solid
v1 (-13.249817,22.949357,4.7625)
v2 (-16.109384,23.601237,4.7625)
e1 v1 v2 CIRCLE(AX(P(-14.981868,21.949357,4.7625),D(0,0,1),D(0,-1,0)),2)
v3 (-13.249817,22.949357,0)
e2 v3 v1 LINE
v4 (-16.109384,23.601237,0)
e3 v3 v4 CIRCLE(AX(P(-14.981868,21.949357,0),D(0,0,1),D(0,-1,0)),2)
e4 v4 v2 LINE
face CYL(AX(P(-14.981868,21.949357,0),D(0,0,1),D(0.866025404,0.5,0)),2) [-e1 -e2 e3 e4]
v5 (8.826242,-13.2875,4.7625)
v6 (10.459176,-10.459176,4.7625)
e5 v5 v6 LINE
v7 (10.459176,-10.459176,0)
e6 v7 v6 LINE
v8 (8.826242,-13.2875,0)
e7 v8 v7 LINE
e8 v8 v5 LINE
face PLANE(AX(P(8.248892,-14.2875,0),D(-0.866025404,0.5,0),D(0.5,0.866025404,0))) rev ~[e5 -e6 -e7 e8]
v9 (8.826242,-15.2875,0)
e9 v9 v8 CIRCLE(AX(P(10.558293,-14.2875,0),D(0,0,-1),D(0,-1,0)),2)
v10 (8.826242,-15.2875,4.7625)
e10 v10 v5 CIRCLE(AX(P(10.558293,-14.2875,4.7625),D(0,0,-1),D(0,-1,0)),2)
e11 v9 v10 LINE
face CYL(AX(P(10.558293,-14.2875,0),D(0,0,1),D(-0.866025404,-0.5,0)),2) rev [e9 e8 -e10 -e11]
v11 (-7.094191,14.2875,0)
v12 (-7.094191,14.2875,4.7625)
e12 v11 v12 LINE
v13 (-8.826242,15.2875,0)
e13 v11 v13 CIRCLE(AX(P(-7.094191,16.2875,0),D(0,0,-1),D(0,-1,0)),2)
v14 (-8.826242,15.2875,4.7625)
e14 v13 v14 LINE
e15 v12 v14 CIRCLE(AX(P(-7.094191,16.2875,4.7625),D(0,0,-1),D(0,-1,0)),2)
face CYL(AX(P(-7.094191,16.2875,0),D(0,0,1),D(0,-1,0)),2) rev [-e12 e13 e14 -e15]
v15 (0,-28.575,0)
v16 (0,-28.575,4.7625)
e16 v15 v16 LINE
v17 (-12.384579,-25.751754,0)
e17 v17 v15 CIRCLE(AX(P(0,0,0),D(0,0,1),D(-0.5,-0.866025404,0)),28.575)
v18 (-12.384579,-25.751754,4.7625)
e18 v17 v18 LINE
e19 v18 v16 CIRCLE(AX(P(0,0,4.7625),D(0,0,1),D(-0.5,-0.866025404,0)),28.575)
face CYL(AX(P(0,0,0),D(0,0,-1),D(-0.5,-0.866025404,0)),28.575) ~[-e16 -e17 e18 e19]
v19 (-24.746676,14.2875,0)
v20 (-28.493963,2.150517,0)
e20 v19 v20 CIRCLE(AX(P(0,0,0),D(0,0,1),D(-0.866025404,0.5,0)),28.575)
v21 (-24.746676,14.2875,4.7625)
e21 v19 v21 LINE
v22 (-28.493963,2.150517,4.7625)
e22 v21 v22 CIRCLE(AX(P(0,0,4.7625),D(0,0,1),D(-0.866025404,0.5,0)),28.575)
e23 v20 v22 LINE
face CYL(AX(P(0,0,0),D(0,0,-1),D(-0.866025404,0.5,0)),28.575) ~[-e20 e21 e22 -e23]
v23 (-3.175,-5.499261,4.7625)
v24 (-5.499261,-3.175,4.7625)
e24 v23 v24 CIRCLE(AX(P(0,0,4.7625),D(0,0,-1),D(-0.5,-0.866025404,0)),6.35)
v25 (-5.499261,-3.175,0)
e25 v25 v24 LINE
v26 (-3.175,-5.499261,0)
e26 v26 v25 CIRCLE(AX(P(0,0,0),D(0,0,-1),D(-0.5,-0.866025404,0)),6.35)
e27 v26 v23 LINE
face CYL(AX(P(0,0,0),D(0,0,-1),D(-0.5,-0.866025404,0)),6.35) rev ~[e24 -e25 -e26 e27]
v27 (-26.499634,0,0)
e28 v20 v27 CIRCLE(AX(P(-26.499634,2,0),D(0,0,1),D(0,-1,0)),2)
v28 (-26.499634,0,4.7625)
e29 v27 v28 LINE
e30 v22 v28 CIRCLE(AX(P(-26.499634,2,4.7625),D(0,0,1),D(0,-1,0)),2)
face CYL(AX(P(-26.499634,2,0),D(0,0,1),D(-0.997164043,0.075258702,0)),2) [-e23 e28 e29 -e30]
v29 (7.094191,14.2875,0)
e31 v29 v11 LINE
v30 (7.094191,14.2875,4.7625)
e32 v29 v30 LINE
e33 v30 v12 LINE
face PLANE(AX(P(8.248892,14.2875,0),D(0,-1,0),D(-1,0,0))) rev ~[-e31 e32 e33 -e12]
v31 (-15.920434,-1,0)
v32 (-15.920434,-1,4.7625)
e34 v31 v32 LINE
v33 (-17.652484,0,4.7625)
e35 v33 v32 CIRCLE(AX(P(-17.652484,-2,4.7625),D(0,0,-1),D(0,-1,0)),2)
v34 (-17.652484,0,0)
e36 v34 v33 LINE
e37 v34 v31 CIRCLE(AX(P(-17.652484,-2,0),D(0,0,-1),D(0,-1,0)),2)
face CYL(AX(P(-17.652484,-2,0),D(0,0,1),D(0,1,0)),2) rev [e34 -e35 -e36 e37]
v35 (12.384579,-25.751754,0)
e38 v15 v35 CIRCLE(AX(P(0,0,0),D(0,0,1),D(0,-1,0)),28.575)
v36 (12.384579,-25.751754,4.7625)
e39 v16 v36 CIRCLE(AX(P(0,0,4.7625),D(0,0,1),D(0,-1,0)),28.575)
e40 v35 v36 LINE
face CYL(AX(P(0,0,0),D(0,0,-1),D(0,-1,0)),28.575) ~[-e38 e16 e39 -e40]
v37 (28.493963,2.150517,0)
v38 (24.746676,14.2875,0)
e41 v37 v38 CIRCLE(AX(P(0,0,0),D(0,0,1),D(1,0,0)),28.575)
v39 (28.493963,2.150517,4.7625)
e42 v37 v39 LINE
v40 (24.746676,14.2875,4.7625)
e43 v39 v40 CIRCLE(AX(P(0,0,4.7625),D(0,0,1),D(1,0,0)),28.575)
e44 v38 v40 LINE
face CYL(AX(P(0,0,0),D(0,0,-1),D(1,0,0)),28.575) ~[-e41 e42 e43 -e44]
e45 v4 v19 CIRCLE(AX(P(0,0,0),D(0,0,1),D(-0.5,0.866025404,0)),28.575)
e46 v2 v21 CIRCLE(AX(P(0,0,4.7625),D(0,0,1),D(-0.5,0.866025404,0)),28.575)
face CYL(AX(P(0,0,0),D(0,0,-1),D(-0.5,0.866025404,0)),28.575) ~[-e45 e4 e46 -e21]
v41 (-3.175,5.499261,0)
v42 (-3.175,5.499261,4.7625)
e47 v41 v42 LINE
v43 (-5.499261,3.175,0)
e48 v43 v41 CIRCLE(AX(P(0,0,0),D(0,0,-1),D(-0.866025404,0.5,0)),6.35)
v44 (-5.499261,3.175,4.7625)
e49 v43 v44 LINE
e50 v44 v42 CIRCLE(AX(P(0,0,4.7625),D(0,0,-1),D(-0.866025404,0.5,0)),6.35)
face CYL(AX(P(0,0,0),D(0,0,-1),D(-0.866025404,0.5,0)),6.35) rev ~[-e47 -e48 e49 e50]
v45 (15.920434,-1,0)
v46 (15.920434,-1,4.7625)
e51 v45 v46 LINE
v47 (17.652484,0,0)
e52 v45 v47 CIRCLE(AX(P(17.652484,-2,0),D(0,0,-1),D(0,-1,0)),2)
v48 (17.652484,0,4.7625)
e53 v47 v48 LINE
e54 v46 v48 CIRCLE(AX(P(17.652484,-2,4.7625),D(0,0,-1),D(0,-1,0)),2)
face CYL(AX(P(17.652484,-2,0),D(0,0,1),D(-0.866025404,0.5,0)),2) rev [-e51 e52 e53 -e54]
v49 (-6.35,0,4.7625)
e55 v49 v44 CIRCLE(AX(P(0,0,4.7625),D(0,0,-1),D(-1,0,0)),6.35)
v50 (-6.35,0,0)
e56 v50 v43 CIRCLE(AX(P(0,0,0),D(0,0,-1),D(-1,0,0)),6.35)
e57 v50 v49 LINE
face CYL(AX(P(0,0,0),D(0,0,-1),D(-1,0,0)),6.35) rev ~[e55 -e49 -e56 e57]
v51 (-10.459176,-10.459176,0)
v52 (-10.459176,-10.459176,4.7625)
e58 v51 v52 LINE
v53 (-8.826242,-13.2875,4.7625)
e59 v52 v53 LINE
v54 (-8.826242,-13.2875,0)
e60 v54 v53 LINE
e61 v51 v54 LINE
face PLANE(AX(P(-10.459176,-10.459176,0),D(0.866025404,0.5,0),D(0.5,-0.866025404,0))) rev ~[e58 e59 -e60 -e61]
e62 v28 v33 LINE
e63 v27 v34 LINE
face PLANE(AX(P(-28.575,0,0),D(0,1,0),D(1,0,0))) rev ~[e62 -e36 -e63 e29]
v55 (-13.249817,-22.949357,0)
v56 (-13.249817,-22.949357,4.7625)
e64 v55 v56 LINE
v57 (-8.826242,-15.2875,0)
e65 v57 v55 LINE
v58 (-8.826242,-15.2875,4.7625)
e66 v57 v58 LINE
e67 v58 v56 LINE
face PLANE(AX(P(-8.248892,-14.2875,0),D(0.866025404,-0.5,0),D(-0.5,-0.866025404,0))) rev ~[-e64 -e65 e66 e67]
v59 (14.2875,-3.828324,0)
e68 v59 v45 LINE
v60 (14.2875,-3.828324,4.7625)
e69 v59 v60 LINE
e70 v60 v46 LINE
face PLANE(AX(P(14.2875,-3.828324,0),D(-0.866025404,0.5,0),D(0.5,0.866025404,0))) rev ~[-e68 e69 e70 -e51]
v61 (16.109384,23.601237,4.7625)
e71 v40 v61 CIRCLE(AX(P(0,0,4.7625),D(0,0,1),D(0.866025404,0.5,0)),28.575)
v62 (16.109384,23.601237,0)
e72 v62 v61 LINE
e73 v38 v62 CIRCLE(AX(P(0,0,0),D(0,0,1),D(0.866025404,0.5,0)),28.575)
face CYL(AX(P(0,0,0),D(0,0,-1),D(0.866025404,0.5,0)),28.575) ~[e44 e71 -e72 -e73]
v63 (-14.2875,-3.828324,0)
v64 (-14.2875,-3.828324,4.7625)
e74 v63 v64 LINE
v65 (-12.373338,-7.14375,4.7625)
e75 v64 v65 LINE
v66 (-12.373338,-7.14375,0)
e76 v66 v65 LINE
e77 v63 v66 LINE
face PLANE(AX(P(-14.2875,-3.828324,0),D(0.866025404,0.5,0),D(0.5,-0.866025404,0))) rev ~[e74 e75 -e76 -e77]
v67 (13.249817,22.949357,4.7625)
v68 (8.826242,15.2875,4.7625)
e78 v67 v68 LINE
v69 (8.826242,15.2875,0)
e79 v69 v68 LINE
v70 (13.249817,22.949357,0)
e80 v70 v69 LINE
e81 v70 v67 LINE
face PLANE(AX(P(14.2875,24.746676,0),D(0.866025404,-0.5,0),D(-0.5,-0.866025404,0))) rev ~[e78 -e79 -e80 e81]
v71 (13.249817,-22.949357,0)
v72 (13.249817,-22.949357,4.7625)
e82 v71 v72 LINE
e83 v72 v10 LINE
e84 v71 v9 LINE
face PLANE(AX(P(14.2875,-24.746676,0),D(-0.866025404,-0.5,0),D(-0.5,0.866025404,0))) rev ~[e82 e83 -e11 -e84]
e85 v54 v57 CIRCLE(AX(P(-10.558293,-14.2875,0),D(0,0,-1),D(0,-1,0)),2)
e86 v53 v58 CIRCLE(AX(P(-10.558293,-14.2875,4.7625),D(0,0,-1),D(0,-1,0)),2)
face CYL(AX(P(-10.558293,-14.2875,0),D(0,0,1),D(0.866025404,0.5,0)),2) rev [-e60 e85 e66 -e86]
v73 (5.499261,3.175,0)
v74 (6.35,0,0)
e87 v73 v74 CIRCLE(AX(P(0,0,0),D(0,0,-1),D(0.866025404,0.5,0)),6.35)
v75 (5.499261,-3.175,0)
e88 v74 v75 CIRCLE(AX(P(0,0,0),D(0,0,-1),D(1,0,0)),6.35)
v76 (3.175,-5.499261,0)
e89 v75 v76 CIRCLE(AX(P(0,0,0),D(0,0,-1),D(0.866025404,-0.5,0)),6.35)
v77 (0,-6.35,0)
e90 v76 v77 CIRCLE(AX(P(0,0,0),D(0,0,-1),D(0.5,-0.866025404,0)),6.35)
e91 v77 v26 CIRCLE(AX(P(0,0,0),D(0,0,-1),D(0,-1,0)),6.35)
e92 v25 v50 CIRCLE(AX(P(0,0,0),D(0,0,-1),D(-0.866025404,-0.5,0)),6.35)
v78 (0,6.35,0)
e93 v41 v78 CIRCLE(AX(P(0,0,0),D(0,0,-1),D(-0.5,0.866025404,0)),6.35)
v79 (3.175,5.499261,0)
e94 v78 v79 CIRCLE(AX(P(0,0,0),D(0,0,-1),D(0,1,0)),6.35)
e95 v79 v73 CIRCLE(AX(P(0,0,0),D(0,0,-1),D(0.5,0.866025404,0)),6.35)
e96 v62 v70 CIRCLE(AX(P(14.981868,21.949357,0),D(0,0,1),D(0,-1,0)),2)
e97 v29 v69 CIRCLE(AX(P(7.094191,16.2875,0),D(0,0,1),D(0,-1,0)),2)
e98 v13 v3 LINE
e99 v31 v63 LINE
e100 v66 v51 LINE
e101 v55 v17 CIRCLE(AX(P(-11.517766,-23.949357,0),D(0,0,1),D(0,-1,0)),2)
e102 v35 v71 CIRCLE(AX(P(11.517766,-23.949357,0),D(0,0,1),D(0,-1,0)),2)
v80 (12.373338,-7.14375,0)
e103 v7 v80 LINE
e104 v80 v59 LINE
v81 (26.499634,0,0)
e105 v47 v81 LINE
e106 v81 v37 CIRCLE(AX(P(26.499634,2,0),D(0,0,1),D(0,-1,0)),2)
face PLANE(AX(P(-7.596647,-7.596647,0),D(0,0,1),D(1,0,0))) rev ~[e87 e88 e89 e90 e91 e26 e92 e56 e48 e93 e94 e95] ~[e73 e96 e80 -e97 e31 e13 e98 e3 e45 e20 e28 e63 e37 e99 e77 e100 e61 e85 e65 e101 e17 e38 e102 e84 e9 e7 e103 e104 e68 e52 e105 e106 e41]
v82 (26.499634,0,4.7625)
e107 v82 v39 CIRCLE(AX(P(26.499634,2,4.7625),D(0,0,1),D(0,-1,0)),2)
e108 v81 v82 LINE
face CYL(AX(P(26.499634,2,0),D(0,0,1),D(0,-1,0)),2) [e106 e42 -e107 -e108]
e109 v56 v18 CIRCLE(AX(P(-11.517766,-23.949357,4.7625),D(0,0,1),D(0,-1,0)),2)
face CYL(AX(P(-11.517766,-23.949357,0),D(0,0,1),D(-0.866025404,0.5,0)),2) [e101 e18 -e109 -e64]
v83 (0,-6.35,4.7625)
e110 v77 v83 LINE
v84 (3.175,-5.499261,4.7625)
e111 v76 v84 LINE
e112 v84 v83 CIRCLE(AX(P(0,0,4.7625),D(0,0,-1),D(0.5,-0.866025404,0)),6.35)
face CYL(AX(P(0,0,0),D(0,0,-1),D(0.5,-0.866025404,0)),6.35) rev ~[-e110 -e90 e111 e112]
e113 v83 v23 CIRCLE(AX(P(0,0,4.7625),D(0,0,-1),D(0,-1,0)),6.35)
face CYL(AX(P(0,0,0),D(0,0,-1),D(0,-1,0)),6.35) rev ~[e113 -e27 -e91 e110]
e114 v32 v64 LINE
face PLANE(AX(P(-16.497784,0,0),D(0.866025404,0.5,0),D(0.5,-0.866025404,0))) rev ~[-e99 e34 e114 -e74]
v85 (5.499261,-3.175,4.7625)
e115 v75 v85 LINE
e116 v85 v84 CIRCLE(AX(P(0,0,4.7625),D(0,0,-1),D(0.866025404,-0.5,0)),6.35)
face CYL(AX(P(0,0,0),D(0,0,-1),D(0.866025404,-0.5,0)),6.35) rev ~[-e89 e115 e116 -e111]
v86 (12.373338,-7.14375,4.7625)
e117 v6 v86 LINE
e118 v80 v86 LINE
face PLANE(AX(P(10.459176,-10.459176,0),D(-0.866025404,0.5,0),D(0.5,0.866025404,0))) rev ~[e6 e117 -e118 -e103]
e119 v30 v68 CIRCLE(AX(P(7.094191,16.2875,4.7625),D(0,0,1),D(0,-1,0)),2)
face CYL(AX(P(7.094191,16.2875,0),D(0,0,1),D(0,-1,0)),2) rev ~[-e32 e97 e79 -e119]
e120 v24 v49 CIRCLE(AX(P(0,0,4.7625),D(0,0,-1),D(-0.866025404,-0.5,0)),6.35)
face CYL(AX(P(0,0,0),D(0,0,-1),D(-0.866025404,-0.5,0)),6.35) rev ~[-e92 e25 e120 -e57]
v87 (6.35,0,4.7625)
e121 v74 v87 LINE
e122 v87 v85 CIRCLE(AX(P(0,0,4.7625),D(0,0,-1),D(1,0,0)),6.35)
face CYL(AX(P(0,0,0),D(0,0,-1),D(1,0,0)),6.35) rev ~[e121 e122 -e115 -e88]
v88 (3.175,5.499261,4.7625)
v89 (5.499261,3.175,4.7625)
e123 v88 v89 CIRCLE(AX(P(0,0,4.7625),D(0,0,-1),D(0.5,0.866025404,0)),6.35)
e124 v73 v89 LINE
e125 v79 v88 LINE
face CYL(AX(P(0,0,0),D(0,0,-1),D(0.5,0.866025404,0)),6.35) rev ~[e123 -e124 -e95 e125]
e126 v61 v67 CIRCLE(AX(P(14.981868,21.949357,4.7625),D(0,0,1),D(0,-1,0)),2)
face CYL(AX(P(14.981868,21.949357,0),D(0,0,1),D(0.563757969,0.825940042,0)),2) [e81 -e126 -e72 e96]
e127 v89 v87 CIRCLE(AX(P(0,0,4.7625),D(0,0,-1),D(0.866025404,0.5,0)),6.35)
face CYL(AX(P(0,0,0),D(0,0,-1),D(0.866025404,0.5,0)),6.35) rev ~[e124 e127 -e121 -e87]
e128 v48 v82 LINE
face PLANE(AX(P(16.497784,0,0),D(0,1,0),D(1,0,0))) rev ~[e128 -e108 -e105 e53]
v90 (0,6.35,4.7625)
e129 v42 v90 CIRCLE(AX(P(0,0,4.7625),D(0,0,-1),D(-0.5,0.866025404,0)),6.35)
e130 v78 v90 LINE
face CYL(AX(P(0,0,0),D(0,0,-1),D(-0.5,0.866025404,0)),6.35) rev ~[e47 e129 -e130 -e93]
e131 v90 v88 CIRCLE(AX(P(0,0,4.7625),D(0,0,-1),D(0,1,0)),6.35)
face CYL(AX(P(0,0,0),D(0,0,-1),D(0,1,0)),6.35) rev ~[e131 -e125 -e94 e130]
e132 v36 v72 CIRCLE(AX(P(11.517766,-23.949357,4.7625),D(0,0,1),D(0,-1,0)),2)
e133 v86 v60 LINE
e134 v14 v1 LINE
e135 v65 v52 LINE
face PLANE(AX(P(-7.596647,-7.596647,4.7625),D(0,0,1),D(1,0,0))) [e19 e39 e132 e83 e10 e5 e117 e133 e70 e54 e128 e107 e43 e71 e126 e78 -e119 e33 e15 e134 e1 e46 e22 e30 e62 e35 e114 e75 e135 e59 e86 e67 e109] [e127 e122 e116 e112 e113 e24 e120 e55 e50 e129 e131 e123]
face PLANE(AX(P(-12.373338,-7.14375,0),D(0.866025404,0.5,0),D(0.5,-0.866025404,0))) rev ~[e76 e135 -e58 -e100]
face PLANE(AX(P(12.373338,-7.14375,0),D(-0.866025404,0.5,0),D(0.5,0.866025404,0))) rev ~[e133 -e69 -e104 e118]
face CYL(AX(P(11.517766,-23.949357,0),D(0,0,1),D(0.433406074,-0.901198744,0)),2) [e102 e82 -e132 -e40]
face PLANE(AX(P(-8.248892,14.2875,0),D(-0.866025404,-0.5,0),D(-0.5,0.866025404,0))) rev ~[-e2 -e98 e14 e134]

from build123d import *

# Parameters (mm, degrees)
F1_DEPTH = 4.7625
F2_R     = 2


with BuildPart() as f1:
    # F0 (on Top) → F1 (new body)
    with BuildSketch(Plane.XY):
        with BuildLine():
            Line((-7.14375, -12.3733379566), (-3.175, -5.499261314))
            ThreePointArc((-3.175, -5.499261314), (-4.4901280605, -4.4901280605), (-5.499261314, -3.175))
            Line((-5.499261314, -3.175), (-12.3733379566, -7.14375))
            Line((-12.3733379566, -7.14375), (-10.4591759131, -10.4591759131))
            Line((-10.4591759131, -10.4591759131), (-7.14375, -12.3733379566))
        make_face()
        with BuildLine():
            Line((12.3733379566, -7.14375), (5.499261314, -3.175))
            ThreePointArc((5.499261314, -3.175), (4.4901280605, -4.4901280605), (3.175, -5.499261314))
            Line((3.175, -5.499261314), (7.14375, -12.3733379566))
            Line((7.14375, -12.3733379566), (10.4591759131, -10.4591759131))
            Line((10.4591759131, -10.4591759131), (12.3733379566, -7.14375))
        make_face()
        with BuildLine():
            Line((14.2875, 0), (6.35, 0))
            ThreePointArc((6.35, 0), (6.1336289969, -1.6435009364), (5.499261314, -3.175))
            Line((5.499261314, -3.175), (12.3733379566, -7.14375))
            Line((12.3733379566, -7.14375), (14.2875, -3.8283240869))
            Line((14.2875, -3.8283240869), (14.2875, 0))
        make_face()
        with BuildLine():
            ThreePointArc((0, 6.35), (1.6435009364, 6.1336289969), (3.175, 5.499261314))
            Line((3.175, 5.499261314), (7.14375, 12.3733379566))
            Line((7.14375, 12.3733379566), (3.8283240869, 14.2875))
            Line((3.8283240869, 14.2875), (0, 14.2875))
            Line((0, 14.2875), (0, 6.35))
        make_face()
        with BuildLine():
            ThreePointArc((-3.175, 5.499261314), (-1.6435009364, 6.1336289969), (0, 6.35))
            Line((0, 6.35), (0, 14.2875))
            Line((0, 14.2875), (-3.8283240869, 14.2875))
            Line((-3.8283240869, 14.2875), (-7.14375, 12.3733379566))
            Line((-7.14375, 12.3733379566), (-3.175, 5.499261314))
        make_face()
        with BuildLine():
            Line((-12.3733379566, -7.14375), (-5.499261314, -3.175))
            ThreePointArc((-5.499261314, -3.175), (-6.1336289969, -1.6435009364), (-6.35, 0))
            Line((-6.35, 0), (-14.2875, 0))
            Line((-14.2875, 0), (-14.2875, -3.8283240869))
            Line((-14.2875, -3.8283240869), (-12.3733379566, -7.14375))
        make_face()
        Polygon((-8.248891971, -14.2875), (-7.14375, -12.3733379566), (-10.4591759131, -10.4591759131), align=None)
        Polygon((-3.8283240869, -14.2875), (-7.14375, -12.3733379566), (-8.248891971, -14.2875), align=None)
        Polygon((0, -16.4977839421), (-3.8283240869, -14.2875), (-8.248891971, -14.2875), (-5.2295879566, -19.5170879566), align=None)
        Polygon((0, -28.575), (0, -16.4977839421), (-5.2295879566, -19.5170879566), align=None)
        Polygon((5.2295879566, -19.5170879566), (0, -16.4977839421), (0, -28.575), align=None)
        Polygon((8.248891971, -14.2875), (3.8283240869, -14.2875), (0, -16.4977839421), (5.2295879566, -19.5170879566), align=None)
        Polygon((8.248891971, -14.2875), (7.14375, -12.3733379566), (3.8283240869, -14.2875), align=None)
        Polygon((10.4591759131, -10.4591759131), (7.14375, -12.3733379566), (8.248891971, -14.2875), align=None)
        Polygon((0, -16.4977839421), (0, -14.2875), (-3.8283240869, -14.2875), align=None)
        Polygon((3.8283240869, -14.2875), (0, -14.2875), (0, -16.4977839421), align=None)
        Polygon((16.4977839421, 0), (14.2875, 0), (14.2875, -3.8283240869), align=None)
        Polygon((14.2875, 3.8283240869), (16.4977839421, 0), (19.5170879566, 5.2295879566), (14.2875, 8.248891971), align=None)
        Polygon((14.2875, 3.8283240869), (14.2875, 0), (16.4977839421, 0), align=None)
        Polygon((14.2875, 8.248891971), (12.3733379566, 7.14375), (14.2875, 3.8283240869), align=None)
        Polygon((10.4591759131, 10.4591759131), (12.3733379566, 7.14375), (14.2875, 8.248891971), align=None)
        Polygon((8.248891971, 14.2875), (10.4591759131, 10.4591759131), (14.2875, 8.248891971), (14.2875, 14.2875), align=None)
        Polygon((3.8283240869, 14.2875), (7.14375, 12.3733379566), (8.248891971, 14.2875), align=None)
        Polygon((8.248891971, 14.2875), (7.14375, 12.3733379566), (10.4591759131, 10.4591759131), align=None)
        Polygon((14.2875, 14.2875), (14.2875, 8.248891971), (24.7466759131, 14.2875), align=None)
        Polygon((24.7466759131, 14.2875), (14.2875, 8.248891971), (19.5170879566, 5.2295879566), align=None)
        Polygon((-14.2875, -3.8283240869), (-14.2875, 0), (-16.4977839421, 0), align=None)
        Polygon((-16.4977839421, 0), (-14.2875, 0), (-14.2875, 3.8283240869), align=None)
        Polygon((-16.4977839421, 0), (-14.2875, 3.8283240869), (-14.2875, 8.248891971), (-19.5170879566, 5.2295879566), align=None)
        Polygon((-14.2875, 3.8283240869), (-12.3733379566, 7.14375), (-14.2875, 8.248891971), align=None)
        Polygon((-10.4591759131, 10.4591759131), (-7.14375, 12.3733379566), (-8.248891971, 14.2875), align=None)
        Polygon((-8.248891971, 14.2875), (-7.14375, 12.3733379566), (-3.8283240869, 14.2875), align=None)
        Polygon((-14.2875, 8.248891971), (-12.3733379566, 7.14375), (-10.4591759131, 10.4591759131), align=None)
        Polygon((-10.4591759131, 10.4591759131), (-8.248891971, 14.2875), (-14.2875, 14.2875), (-14.2875, 8.248891971), align=None)
        Polygon((-24.7466759131, 14.2875), (-14.2875, 8.248891971), (-14.2875, 14.2875), align=None)
        Polygon((-19.5170879566, 5.2295879566), (-14.2875, 8.248891971), (-24.7466759131, 14.2875), align=None)
        with BuildLine():
            Line((-19.5170879566, 5.2295879566), (-24.7466759131, 14.2875))
            ThreePointArc((-24.7466759131, 14.2875), (-27.6013304862, 7.3957542138), (-28.575, 0))
            Line((-28.575, 0), (-19.5170879566, 5.2295879566))
        make_face()
        with BuildLine():
            Line((-24.7466759131, 14.2875), (-14.2875, 14.2875))
            Line((-14.2875, 14.2875), (-14.2875, 24.7466759131))
            ThreePointArc((-14.2875, 24.7466759131), (-20.2055762724, 20.2055762724), (-24.7466759131, 14.2875))
        make_face()
        with BuildLine():
            ThreePointArc((-14.2875, -24.7466759131), (-7.3957542138, -27.6013304862), (0, -28.575))
            Line((0, -28.575), (-5.2295879566, -19.5170879566))
            Line((-5.2295879566, -19.5170879566), (-14.2875, -24.7466759131))
        make_face()
        with BuildLine():
            Line((14.2875, -24.7466759131), (5.2295879566, -19.5170879566))
            Line((5.2295879566, -19.5170879566), (0, -28.575))
            ThreePointArc((0, -28.575), (7.3957542138, -27.6013304862), (14.2875, -24.7466759131))
        make_face()
        with BuildLine():
            Line((14.2875, 14.2875), (24.7466759131, 14.2875))
            ThreePointArc((24.7466759131, 14.2875), (20.2055762724, 20.2055762724), (14.2875, 24.7466759131))
            Line((14.2875, 24.7466759131), (14.2875, 14.2875))
        make_face()
        with BuildLine():
            Line((24.7466759131, 14.2875), (19.5170879566, 5.2295879566))
            Line((19.5170879566, 5.2295879566), (28.575, 0))
            ThreePointArc((28.575, 0), (27.6013304862, 7.3957542138), (24.7466759131, 14.2875))
        make_face()
        Polygon((19.5170879566, 5.2295879566), (16.4977839421, 0), (28.575, 0), align=None)
        Polygon((14.2875, 24.7466759131), (8.248891971, 14.2875), (14.2875, 14.2875), align=None)
        Polygon((14.2875, -24.7466759131), (8.248891971, -14.2875), (5.2295879566, -19.5170879566), align=None)
        Polygon((-5.2295879566, -19.5170879566), (-8.248891971, -14.2875), (-14.2875, -24.7466759131), align=None)
        Polygon((-28.575, 0), (-16.4977839421, 0), (-19.5170879566, 5.2295879566), align=None)
        Polygon((-14.2875, 14.2875), (-8.248891971, 14.2875), (-14.2875, 24.7466759131), align=None)
        with BuildLine():
            ThreePointArc((3.175, 5.499261314), (4.4901280605, 4.4901280605), (5.499261314, 3.175))
            Line((5.499261314, 3.175), (12.3733379566, 7.14375))
            Line((12.3733379566, 7.14375), (10.4591759131, 10.4591759131))
            Line((10.4591759131, 10.4591759131), (7.14375, 12.3733379566))
            Line((7.14375, 12.3733379566), (3.175, 5.499261314))
        make_face()
        with BuildLine():
            ThreePointArc((5.499261314, 3.175), (6.1336289969, 1.6435009364), (6.35, 0))
            Line((6.35, 0), (14.2875, 0))
            Line((14.2875, 0), (14.2875, 3.8283240869))
            Line((14.2875, 3.8283240869), (12.3733379566, 7.14375))
            Line((12.3733379566, 7.14375), (5.499261314, 3.175))
        make_face()
        with BuildLine():
            ThreePointArc((-6.35, 0), (-6.1336289969, 1.6435009364), (-5.499261314, 3.175))
            Line((-5.499261314, 3.175), (-12.3733379566, 7.14375))
            Line((-12.3733379566, 7.14375), (-14.2875, 3.8283240869))
            Line((-14.2875, 3.8283240869), (-14.2875, 0))
            Line((-14.2875, 0), (-6.35, 0))
        make_face()
        with BuildLine():
            ThreePointArc((-5.499261314, 3.175), (-4.4901280605, 4.4901280605), (-3.175, 5.499261314))
            Line((-3.175, 5.499261314), (-7.14375, 12.3733379566))
            Line((-7.14375, 12.3733379566), (-10.4591759131, 10.4591759131))
            Line((-10.4591759131, 10.4591759131), (-12.3733379566, 7.14375))
            Line((-12.3733379566, 7.14375), (-5.499261314, 3.175))
        make_face()
        with BuildLine():
            Line((0, -14.2875), (0, -6.35))
            ThreePointArc((0, -6.35), (-1.6435009364, -6.1336289969), (-3.175, -5.499261314))
            Line((-3.175, -5.499261314), (-7.14375, -12.3733379566))
            Line((-7.14375, -12.3733379566), (-3.8283240869, -14.2875))
            Line((-3.8283240869, -14.2875), (0, -14.2875))
        make_face()
        with BuildLine():
            Line((7.14375, -12.3733379566), (3.175, -5.499261314))
            ThreePointArc((3.175, -5.499261314), (1.6435009364, -6.1336289969), (0, -6.35))
            Line((0, -6.35), (0, -14.2875))
            Line((0, -14.2875), (3.8283240869, -14.2875))
            Line((3.8283240869, -14.2875), (7.14375, -12.3733379566))
        make_face()
    extrude(amount=F1_DEPTH)

    # F2
    f2_edges = [f1.edges().sort_by_distance(p)[0] for p in [
        (-28.575, 0, 2.38125),
        (28.575, 0, 2.38125),
        (14.2875, -24.746676, 2.38125),
        (-14.2875, -24.746676, 2.38125),
        (-14.2875, 24.746676, 2.38125),
        (14.2875, 24.746676, 2.38125),
        (8.248892, -14.2875, 2.38125),
        (-8.248892, 14.2875, 2.38125),
        (8.248892, 14.2875, 2.38125),
        (-16.497784, 0, 2.38125),
        (-8.248892, -14.2875, 2.38125),
        (16.497784, 0, 2.38125),
    ]]
    fillet(f2_edges, radius=F2_R)


solid = f1.part
